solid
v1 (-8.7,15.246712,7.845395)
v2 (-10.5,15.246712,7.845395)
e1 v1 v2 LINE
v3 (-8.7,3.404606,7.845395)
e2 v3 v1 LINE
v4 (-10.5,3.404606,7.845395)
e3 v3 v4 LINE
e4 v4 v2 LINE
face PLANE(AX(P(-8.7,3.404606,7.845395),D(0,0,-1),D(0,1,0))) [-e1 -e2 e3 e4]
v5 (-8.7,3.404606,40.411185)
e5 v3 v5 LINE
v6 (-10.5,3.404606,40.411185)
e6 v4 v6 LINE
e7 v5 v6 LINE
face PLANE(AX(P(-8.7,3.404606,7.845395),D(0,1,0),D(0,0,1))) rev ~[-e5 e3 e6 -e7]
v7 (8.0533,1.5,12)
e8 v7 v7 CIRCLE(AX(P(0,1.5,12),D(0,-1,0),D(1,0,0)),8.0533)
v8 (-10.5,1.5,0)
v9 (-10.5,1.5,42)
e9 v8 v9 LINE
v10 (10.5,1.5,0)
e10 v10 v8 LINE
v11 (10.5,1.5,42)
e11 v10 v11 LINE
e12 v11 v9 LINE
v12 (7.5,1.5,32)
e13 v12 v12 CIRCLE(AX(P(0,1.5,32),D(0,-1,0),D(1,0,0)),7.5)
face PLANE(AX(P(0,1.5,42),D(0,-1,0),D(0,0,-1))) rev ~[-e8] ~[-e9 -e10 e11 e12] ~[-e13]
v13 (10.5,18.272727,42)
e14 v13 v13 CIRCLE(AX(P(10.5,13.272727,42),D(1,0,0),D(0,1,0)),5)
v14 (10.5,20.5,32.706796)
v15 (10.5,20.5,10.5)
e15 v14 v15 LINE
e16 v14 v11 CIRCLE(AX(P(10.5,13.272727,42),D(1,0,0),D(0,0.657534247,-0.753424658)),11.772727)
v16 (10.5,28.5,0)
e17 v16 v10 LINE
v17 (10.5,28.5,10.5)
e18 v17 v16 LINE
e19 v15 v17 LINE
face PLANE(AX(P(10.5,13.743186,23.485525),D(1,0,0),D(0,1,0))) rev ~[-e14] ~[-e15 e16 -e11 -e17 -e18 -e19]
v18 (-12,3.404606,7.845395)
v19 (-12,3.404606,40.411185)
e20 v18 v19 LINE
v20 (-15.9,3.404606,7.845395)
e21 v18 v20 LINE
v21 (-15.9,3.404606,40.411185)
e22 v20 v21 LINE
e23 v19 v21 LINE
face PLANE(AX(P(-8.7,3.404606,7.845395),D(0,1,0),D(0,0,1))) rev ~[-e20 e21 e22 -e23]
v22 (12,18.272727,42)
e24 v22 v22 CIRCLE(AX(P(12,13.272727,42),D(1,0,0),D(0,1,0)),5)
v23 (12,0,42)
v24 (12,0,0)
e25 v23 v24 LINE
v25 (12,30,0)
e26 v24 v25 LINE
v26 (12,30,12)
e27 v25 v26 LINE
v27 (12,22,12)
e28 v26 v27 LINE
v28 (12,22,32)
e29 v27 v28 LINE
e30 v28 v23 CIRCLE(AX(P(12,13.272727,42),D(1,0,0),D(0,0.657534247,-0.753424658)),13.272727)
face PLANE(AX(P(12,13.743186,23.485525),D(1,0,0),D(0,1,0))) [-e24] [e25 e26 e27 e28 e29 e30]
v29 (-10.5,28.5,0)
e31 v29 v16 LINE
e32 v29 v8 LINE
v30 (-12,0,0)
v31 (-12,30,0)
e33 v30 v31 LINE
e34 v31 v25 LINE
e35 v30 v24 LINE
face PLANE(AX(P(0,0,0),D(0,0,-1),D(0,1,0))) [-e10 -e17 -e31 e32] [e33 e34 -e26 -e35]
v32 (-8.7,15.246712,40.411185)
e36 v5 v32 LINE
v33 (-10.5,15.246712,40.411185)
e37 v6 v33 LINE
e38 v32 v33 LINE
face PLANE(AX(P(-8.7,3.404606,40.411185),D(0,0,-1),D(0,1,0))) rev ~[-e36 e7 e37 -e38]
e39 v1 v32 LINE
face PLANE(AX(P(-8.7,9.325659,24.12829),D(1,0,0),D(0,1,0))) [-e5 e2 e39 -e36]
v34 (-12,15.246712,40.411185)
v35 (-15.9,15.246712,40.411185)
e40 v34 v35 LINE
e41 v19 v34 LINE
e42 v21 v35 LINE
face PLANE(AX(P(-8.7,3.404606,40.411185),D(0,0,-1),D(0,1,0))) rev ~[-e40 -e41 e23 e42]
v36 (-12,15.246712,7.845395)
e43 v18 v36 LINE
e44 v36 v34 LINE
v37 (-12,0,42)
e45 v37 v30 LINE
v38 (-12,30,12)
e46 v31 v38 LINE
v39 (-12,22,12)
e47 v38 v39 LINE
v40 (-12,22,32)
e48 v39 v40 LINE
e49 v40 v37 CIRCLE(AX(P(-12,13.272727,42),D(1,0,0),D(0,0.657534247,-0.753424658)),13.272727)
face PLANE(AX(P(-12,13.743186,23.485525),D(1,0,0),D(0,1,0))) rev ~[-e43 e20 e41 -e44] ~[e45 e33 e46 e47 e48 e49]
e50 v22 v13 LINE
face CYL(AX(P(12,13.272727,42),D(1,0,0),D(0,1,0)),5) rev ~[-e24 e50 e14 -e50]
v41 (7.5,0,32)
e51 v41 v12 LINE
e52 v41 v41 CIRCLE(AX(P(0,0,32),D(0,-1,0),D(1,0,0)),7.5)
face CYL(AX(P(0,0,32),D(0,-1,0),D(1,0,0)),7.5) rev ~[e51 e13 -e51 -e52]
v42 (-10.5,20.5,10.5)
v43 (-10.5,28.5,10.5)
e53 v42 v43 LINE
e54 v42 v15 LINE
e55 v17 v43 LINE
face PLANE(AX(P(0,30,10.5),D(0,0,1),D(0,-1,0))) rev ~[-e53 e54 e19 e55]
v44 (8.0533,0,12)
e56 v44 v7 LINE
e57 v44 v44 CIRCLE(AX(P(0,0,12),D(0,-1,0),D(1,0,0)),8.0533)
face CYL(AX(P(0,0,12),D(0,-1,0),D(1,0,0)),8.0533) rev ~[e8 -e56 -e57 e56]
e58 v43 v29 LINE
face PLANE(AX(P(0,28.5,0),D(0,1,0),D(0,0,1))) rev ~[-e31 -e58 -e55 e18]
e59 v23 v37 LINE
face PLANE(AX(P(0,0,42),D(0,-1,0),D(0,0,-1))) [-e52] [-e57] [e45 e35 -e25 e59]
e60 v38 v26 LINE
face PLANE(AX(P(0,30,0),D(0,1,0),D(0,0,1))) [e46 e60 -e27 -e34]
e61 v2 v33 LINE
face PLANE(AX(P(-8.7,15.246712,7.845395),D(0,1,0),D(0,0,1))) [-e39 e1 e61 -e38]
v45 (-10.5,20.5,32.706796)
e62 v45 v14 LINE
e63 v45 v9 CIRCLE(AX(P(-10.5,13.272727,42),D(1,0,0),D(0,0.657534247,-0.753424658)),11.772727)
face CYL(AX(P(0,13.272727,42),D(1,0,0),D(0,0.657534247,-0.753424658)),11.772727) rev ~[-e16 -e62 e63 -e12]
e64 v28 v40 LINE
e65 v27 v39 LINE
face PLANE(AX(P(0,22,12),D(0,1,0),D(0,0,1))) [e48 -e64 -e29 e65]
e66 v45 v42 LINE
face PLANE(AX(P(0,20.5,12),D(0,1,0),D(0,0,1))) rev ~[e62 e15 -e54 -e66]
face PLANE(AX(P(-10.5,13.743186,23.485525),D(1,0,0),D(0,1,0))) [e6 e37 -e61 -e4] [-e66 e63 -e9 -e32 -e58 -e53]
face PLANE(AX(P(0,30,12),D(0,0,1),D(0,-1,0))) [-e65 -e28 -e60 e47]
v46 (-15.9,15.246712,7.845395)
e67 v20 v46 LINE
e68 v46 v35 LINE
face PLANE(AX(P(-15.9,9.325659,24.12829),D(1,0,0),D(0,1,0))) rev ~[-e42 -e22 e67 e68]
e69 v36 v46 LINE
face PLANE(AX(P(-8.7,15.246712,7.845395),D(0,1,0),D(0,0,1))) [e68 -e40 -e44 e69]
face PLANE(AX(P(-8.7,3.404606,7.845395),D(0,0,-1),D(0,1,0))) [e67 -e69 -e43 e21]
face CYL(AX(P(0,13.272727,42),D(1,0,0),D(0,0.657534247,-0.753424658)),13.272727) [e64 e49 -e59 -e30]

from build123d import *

# Parameters (mm, degrees)
F1_DEPTH  = 12
F2_T      = -1.5
F3_R      = 5
F4_DEPTH  = 5
F5_R      = 7.5
F5_R_2    = 8.0533004945
F6_DEPTH  = 5
F10_START = -8.7
F9_W      = 11.8421060033
F9_H      = 32.5657902285
F10_DEPTH = 7.2


with BuildPart() as f1:
    # F0 (on Right) → F1 (new body, symmetric)
    with BuildSketch(Plane.YZ):
        with BuildLine():
            Line((0, 42), (0, 0))
            Line((0, 0), (30, 0))
            Line((30, 0), (30, 12))
            Line((30, 12), (22, 12))
            Line((22, 12), (22, 32))
            ThreePointArc((22, 32), (18.7650208971, 54.0830459736), (0, 42))
        make_face()
    extrude(amount=F1_DEPTH, both=True)

    # F2
    f2_openings = [f1.faces().sort_by_distance(p)[0] for p in [
        (0, 15, 0),
    ]]
    offset(amount=F2_T, openings=f2_openings, kind=Kind.INTERSECTION)

    # F3 (on face) → F4 (cut)
    with BuildSketch(Plane.YZ.offset(12)):
        with Locations((13.2727272727, 42)):
            Circle(F3_R)
    extrude(amount=-F4_DEPTH, mode=Mode.SUBTRACT)

    # F5 (on face) → F6 (cut)
    with BuildSketch(Plane.XZ):
        with Locations((0, 32)):
            Circle(F5_R)
        with Locations((0, 12)):
            Circle(F5_R_2)
    extrude(amount=-F6_DEPTH, mode=Mode.SUBTRACT)


with BuildPart() as f7_1:
    # F7: instance of F1
    add(f1.part.mirror(Plane(origin=(12, 12.8367440459, 24.8577602778), x_dir=(0, 1, 0), z_dir=(1, 0, 0))))


with BuildPart() as f1_1:
    add(f1.part)

    # F9 (on Right) → F10 (join)
    with BuildSketch(Plane.YZ.offset(F10_START)):
        with Locations((9.3256586697, 24.1282903589)):
            Rectangle(F9_W, F9_H)
    extrude(amount=-F10_DEPTH)


solid = f1_1.part
